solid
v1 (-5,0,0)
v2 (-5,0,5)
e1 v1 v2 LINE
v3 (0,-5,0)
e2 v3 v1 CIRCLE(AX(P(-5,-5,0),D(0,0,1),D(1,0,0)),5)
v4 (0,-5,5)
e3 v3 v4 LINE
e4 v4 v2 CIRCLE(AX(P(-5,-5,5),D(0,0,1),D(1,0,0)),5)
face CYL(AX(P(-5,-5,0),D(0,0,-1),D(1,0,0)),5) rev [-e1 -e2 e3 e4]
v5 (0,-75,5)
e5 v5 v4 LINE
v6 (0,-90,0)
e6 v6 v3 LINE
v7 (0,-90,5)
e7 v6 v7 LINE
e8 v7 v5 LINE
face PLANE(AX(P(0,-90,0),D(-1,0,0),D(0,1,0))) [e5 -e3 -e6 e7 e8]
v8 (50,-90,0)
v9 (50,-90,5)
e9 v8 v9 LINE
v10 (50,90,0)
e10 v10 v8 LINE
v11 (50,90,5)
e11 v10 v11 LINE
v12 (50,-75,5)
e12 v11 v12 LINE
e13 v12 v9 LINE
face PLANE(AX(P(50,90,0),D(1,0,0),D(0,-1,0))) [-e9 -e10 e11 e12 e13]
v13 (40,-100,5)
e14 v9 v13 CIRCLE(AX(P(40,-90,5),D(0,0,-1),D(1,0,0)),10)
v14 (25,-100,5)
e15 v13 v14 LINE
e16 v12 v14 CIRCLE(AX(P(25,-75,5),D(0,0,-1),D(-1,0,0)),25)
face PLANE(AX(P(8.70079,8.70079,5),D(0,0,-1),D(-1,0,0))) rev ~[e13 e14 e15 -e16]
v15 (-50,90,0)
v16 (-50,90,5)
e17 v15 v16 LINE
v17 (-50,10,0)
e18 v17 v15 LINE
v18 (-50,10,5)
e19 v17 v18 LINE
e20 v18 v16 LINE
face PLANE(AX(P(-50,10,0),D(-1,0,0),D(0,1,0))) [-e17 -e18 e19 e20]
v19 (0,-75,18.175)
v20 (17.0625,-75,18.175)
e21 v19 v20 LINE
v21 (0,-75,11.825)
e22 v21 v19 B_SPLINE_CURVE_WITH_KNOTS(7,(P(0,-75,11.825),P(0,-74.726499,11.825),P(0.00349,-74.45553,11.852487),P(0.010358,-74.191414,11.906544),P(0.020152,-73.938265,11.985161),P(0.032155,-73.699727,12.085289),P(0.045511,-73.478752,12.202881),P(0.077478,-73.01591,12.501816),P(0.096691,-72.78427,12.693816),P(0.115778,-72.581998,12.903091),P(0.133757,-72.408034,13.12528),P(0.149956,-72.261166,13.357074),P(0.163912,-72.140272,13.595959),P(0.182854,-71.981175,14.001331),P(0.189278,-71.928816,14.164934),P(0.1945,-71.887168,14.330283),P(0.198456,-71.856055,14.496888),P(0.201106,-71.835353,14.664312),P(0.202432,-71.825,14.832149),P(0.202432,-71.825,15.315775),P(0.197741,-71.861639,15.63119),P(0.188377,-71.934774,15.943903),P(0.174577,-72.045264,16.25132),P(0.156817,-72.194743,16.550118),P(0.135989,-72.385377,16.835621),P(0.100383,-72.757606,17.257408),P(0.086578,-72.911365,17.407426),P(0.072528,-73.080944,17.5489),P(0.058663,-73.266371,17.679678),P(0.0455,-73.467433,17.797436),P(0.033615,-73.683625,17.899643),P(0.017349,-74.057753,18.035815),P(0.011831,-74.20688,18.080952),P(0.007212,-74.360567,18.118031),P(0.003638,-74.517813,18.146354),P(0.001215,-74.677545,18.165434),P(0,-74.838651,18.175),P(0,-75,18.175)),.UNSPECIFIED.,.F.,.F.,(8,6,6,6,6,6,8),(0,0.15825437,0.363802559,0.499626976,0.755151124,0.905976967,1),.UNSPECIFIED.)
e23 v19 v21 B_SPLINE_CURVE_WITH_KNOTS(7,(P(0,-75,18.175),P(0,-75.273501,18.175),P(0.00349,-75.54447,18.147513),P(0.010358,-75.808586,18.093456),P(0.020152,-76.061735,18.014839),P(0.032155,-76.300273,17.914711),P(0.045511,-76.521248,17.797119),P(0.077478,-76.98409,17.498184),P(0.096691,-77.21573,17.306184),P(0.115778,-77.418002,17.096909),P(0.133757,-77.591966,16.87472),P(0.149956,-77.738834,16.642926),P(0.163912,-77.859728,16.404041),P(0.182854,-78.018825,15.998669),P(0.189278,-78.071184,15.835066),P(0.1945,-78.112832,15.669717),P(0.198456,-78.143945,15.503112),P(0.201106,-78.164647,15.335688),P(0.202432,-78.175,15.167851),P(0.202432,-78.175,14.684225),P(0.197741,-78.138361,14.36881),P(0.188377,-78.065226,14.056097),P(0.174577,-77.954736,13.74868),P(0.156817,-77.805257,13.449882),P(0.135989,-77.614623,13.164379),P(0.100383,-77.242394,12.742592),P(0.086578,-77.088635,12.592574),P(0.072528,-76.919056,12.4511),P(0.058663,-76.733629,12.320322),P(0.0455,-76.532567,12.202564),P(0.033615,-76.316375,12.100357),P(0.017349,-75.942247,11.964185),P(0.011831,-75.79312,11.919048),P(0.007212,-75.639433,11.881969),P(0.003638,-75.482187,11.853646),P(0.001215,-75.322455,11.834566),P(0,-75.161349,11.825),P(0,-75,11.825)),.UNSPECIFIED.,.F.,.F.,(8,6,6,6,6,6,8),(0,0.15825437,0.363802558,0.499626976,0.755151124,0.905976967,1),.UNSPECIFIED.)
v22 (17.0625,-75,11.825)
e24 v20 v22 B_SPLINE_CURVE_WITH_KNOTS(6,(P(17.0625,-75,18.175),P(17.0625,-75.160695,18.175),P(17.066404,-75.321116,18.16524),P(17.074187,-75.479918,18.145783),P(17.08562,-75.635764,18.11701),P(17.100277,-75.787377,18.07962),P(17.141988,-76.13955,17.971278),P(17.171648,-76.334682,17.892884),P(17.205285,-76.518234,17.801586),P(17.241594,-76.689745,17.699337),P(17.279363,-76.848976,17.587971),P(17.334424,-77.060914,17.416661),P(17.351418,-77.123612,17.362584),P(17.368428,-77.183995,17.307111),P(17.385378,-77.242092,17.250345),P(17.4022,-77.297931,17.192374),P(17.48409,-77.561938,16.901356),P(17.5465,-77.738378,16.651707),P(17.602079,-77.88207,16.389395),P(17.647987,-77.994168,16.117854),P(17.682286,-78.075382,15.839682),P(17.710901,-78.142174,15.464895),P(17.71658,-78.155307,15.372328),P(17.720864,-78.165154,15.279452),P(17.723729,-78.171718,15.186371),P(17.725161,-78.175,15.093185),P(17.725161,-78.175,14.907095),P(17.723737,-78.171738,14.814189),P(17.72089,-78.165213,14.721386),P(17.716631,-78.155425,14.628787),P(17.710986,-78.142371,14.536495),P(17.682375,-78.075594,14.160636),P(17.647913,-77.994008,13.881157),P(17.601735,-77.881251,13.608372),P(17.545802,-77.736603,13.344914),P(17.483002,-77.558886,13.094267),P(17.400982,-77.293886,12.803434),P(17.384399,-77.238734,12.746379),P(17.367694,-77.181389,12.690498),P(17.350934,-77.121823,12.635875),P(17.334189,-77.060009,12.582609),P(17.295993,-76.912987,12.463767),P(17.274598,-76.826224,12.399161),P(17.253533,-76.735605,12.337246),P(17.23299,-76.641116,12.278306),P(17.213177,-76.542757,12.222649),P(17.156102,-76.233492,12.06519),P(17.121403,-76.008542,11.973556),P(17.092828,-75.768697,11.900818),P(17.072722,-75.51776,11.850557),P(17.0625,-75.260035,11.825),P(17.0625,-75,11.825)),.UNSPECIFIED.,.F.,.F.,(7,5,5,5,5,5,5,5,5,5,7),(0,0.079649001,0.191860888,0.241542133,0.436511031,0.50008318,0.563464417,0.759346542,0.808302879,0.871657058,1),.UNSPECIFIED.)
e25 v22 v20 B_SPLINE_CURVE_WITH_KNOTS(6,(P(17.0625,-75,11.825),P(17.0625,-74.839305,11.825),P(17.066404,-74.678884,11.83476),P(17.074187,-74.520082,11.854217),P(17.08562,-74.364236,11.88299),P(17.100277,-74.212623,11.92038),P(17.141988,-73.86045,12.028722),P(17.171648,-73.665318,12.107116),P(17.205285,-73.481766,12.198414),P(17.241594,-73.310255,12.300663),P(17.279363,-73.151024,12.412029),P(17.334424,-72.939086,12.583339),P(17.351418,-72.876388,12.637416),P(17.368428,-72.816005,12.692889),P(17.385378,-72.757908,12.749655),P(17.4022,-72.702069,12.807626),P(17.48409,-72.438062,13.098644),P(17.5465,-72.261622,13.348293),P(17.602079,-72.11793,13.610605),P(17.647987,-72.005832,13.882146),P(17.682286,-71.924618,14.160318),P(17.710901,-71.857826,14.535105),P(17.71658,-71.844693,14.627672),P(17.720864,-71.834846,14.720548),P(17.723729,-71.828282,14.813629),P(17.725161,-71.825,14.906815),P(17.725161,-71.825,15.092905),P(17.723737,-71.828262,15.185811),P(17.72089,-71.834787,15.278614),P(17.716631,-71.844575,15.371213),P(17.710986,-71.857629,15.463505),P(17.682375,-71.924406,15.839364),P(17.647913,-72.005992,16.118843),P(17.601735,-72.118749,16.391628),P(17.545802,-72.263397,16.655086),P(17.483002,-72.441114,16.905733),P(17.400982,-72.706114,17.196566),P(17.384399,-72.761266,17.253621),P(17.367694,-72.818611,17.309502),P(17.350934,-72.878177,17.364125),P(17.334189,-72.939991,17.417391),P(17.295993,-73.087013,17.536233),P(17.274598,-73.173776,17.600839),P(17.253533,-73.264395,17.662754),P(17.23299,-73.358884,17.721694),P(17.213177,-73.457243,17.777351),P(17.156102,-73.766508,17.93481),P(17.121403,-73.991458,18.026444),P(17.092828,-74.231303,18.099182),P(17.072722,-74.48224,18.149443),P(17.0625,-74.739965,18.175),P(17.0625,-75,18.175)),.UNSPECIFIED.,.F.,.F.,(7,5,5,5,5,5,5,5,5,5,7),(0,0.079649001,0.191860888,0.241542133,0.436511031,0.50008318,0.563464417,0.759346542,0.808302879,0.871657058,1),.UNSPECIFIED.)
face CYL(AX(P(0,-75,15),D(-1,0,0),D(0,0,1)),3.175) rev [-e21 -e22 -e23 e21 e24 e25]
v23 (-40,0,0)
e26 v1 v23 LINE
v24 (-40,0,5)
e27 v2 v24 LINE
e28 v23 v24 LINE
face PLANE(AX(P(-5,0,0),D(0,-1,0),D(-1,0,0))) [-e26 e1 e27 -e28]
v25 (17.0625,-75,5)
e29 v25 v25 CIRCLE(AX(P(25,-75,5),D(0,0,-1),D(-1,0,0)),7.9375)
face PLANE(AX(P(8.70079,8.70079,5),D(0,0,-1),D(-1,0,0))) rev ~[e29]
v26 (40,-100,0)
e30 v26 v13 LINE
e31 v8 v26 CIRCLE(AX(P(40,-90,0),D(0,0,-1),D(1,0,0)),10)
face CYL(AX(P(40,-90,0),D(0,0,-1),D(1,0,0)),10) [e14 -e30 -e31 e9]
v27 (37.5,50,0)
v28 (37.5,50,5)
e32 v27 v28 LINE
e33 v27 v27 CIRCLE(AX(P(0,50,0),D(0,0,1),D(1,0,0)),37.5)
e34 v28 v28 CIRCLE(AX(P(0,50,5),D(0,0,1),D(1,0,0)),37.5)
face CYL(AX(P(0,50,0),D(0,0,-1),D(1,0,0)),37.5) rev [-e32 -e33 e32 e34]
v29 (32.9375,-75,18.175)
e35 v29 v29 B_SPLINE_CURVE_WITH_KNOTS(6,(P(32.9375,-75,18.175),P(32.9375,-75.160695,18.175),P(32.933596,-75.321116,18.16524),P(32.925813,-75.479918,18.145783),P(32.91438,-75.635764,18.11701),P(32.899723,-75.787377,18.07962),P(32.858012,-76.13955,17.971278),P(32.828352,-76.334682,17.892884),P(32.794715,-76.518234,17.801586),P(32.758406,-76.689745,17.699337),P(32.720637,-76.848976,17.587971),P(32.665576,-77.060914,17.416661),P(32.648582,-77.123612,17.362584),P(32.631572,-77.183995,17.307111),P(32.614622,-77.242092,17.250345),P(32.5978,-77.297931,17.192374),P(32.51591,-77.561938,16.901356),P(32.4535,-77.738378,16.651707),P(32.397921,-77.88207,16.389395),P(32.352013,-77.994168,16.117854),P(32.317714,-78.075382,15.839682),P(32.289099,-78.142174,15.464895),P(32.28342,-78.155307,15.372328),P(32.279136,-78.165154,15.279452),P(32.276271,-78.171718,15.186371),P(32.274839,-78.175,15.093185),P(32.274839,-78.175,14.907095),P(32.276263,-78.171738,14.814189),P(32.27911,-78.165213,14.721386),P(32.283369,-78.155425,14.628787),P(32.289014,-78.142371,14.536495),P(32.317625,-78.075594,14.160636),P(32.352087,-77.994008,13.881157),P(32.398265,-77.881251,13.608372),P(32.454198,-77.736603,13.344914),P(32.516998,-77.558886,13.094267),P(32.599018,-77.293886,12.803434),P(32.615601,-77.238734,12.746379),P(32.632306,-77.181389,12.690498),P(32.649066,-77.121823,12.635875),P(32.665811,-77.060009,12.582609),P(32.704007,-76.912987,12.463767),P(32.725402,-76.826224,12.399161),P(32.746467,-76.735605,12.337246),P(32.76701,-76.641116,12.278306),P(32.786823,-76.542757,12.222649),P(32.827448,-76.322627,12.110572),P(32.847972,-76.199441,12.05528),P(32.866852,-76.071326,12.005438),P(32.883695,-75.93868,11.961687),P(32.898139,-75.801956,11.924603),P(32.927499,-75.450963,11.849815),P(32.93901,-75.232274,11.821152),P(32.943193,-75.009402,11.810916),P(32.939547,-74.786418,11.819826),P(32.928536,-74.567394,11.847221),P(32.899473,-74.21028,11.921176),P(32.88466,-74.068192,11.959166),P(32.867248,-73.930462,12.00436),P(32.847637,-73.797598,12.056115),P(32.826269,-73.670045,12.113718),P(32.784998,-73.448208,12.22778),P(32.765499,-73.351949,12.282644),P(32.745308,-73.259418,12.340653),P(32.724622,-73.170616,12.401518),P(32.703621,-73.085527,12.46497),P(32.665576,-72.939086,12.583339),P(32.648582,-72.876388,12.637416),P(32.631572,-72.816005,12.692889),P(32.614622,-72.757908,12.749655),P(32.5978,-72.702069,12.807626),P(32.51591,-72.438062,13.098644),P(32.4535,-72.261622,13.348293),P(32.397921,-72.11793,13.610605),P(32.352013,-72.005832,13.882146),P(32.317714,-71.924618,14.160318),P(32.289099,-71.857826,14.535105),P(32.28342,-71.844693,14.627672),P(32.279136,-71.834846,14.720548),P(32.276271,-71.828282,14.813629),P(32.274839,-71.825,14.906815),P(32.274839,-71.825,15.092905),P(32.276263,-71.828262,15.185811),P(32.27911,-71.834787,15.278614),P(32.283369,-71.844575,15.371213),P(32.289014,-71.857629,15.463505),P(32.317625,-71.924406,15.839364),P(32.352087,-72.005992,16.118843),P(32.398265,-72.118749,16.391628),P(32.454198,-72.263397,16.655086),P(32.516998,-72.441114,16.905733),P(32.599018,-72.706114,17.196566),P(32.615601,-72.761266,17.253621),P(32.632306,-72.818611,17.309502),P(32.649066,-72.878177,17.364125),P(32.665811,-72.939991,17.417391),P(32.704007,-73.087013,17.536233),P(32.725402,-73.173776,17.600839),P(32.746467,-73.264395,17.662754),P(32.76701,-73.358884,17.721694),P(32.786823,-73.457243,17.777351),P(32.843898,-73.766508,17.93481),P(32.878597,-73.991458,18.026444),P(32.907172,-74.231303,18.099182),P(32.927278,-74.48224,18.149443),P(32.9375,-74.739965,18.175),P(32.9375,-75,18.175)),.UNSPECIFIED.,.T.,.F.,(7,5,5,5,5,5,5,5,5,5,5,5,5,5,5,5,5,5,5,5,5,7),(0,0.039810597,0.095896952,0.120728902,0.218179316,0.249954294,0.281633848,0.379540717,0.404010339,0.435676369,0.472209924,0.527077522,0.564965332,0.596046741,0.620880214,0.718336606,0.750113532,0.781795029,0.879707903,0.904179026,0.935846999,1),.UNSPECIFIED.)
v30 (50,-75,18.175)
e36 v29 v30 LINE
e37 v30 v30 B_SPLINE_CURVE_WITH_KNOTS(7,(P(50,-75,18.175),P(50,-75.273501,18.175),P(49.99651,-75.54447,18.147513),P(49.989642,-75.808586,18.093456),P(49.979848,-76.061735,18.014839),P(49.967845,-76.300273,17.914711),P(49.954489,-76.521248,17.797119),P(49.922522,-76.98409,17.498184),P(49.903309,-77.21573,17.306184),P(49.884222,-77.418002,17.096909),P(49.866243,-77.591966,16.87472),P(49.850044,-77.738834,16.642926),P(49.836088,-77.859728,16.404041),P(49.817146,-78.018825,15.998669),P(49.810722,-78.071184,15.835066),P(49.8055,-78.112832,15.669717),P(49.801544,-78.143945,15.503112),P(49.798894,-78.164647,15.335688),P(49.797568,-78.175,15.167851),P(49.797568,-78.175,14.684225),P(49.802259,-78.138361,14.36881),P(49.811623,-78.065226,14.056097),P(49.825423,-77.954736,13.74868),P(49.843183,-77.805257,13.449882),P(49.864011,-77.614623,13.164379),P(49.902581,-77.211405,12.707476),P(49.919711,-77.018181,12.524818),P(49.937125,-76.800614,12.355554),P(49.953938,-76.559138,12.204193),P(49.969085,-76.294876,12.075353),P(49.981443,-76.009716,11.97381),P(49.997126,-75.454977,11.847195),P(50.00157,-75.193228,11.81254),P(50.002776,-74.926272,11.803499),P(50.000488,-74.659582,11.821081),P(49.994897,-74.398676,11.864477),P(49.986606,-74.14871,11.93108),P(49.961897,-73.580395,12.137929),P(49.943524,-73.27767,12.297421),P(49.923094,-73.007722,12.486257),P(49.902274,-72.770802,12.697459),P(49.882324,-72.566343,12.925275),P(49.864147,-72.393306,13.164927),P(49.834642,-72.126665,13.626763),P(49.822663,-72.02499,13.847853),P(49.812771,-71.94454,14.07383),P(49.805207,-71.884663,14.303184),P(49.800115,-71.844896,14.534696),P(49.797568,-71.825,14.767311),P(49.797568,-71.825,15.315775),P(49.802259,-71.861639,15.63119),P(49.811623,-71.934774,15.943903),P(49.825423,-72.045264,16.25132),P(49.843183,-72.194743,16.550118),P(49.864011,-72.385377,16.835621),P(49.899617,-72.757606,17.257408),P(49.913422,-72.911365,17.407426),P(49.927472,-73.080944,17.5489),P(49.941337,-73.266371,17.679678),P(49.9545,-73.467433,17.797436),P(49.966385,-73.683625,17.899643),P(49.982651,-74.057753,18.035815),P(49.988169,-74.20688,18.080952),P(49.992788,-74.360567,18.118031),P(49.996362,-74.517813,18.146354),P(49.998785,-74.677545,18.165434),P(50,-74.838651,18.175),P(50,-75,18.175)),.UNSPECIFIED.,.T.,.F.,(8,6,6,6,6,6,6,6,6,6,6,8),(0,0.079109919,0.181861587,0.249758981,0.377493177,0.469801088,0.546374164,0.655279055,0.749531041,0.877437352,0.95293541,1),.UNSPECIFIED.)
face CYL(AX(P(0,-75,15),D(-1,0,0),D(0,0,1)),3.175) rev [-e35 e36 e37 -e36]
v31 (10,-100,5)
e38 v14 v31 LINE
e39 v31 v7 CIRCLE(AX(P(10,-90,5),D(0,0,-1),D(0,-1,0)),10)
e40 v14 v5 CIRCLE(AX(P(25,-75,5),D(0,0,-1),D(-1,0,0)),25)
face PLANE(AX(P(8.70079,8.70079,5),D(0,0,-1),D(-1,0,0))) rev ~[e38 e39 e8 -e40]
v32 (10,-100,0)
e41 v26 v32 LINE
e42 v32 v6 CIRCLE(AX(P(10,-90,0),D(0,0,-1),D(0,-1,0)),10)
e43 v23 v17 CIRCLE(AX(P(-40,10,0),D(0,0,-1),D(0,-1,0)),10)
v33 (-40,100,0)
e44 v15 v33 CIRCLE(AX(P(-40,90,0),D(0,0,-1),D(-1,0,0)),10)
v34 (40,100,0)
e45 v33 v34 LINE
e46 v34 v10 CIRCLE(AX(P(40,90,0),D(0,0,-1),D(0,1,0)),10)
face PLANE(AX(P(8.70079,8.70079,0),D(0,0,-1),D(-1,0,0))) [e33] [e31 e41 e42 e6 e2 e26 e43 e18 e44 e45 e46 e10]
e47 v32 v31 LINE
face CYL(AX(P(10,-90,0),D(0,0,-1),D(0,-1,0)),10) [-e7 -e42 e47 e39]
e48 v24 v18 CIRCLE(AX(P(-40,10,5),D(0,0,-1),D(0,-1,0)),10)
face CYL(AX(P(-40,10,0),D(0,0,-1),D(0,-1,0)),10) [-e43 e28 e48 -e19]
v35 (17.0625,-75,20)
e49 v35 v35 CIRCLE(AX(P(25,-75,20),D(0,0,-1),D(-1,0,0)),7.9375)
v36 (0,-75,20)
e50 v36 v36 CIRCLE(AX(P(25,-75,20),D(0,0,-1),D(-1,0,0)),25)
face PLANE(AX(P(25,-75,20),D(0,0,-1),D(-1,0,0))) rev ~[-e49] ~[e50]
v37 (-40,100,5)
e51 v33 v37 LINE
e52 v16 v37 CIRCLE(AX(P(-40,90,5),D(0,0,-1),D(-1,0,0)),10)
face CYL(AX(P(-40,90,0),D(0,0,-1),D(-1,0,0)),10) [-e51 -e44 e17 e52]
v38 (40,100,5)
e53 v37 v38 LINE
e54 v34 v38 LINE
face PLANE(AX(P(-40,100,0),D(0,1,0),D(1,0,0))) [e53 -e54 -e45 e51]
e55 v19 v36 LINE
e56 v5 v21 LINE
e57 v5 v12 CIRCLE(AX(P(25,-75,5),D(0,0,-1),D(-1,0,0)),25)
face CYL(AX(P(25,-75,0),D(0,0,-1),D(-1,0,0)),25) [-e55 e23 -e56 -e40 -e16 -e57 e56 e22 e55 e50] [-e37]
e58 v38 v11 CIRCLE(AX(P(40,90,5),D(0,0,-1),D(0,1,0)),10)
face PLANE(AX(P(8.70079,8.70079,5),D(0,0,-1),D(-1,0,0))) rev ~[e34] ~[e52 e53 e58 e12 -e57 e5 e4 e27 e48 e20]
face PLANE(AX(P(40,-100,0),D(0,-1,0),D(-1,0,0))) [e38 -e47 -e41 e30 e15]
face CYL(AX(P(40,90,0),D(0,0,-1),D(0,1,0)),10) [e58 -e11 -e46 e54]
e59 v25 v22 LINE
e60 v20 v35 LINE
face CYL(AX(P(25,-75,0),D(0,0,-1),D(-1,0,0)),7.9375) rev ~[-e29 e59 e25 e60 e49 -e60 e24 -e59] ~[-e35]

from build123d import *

# Parameters (mm, degrees)
CROQUIS1_R              = 37.5
SALIENTE_EXTRUIR1_DEPTH = 5
CROQUIS2_R              = 25
CROQUIS2_R_2            = 7.9375
SALIENTE_EXTRUIR2_DEPTH = 20
CROQUIS3_R              = 3.175
CORTAR_EXTRUIR2_DEPTH   = 65


with BuildPart() as part:
    # Croquis1 → Saliente-Extruir1 (new body)
    with BuildSketch(Plane.XY):
        with BuildLine():
            Line((-5, 0), (-40, 0))
            ThreePointArc((-40, 0), (-47.071067812, 2.928932188), (-50, 10))
            Line((-50, 10), (-50, 90))
            ThreePointArc((-50, 90), (-47.071067812, 97.071067812), (-40, 100))
            Line((-40, 100), (40, 100))
            ThreePointArc((40, 100), (47.071067812, 97.071067812), (50, 90))
            Line((50, 90), (50, -90))
            ThreePointArc((50, -90), (47.071067812, -97.071067812), (40, -100))
            Line((40, -100), (10, -100))
            ThreePointArc((10, -100), (2.928932188, -97.071067812), (0, -90))
            Line((0, -90), (0, -5))
            ThreePointArc((0, -5), (-1.464466094, -1.464466094), (-5, 0))
        make_face()
        with Locations((0, 50)):
            Circle(CROQUIS1_R, mode=Mode.SUBTRACT)
    extrude(amount=SALIENTE_EXTRUIR1_DEPTH)

    # Croquis2 → Saliente-Extruir2 (add)
    with BuildSketch(Plane(origin=(0, 0, 0), x_dir=(-1, 0, 0), z_dir=(0, 0, -1))):
        with Locations((-25, -75)):
            Circle(CROQUIS2_R)
        with Locations((-25, -75)):
            Circle(CROQUIS2_R_2, mode=Mode.SUBTRACT)
    extrude(amount=-SALIENTE_EXTRUIR2_DEPTH)

    # Croquis3 → Cortar-Extruir2 (cut)
    with BuildSketch(Plane(origin=(0, 0, 0), x_dir=(0, 0, -1), z_dir=(1, 0, 0))):
        with Locations((10, -75)):
            Circle(CROQUIS3_R)
        with Locations(Location((-15, -75, 0), (0, 0, 180))):
            Circle(CROQUIS3_R)
    extrude(amount=CORTAR_EXTRUIR2_DEPTH, mode=Mode.SUBTRACT)


solid = part.part
